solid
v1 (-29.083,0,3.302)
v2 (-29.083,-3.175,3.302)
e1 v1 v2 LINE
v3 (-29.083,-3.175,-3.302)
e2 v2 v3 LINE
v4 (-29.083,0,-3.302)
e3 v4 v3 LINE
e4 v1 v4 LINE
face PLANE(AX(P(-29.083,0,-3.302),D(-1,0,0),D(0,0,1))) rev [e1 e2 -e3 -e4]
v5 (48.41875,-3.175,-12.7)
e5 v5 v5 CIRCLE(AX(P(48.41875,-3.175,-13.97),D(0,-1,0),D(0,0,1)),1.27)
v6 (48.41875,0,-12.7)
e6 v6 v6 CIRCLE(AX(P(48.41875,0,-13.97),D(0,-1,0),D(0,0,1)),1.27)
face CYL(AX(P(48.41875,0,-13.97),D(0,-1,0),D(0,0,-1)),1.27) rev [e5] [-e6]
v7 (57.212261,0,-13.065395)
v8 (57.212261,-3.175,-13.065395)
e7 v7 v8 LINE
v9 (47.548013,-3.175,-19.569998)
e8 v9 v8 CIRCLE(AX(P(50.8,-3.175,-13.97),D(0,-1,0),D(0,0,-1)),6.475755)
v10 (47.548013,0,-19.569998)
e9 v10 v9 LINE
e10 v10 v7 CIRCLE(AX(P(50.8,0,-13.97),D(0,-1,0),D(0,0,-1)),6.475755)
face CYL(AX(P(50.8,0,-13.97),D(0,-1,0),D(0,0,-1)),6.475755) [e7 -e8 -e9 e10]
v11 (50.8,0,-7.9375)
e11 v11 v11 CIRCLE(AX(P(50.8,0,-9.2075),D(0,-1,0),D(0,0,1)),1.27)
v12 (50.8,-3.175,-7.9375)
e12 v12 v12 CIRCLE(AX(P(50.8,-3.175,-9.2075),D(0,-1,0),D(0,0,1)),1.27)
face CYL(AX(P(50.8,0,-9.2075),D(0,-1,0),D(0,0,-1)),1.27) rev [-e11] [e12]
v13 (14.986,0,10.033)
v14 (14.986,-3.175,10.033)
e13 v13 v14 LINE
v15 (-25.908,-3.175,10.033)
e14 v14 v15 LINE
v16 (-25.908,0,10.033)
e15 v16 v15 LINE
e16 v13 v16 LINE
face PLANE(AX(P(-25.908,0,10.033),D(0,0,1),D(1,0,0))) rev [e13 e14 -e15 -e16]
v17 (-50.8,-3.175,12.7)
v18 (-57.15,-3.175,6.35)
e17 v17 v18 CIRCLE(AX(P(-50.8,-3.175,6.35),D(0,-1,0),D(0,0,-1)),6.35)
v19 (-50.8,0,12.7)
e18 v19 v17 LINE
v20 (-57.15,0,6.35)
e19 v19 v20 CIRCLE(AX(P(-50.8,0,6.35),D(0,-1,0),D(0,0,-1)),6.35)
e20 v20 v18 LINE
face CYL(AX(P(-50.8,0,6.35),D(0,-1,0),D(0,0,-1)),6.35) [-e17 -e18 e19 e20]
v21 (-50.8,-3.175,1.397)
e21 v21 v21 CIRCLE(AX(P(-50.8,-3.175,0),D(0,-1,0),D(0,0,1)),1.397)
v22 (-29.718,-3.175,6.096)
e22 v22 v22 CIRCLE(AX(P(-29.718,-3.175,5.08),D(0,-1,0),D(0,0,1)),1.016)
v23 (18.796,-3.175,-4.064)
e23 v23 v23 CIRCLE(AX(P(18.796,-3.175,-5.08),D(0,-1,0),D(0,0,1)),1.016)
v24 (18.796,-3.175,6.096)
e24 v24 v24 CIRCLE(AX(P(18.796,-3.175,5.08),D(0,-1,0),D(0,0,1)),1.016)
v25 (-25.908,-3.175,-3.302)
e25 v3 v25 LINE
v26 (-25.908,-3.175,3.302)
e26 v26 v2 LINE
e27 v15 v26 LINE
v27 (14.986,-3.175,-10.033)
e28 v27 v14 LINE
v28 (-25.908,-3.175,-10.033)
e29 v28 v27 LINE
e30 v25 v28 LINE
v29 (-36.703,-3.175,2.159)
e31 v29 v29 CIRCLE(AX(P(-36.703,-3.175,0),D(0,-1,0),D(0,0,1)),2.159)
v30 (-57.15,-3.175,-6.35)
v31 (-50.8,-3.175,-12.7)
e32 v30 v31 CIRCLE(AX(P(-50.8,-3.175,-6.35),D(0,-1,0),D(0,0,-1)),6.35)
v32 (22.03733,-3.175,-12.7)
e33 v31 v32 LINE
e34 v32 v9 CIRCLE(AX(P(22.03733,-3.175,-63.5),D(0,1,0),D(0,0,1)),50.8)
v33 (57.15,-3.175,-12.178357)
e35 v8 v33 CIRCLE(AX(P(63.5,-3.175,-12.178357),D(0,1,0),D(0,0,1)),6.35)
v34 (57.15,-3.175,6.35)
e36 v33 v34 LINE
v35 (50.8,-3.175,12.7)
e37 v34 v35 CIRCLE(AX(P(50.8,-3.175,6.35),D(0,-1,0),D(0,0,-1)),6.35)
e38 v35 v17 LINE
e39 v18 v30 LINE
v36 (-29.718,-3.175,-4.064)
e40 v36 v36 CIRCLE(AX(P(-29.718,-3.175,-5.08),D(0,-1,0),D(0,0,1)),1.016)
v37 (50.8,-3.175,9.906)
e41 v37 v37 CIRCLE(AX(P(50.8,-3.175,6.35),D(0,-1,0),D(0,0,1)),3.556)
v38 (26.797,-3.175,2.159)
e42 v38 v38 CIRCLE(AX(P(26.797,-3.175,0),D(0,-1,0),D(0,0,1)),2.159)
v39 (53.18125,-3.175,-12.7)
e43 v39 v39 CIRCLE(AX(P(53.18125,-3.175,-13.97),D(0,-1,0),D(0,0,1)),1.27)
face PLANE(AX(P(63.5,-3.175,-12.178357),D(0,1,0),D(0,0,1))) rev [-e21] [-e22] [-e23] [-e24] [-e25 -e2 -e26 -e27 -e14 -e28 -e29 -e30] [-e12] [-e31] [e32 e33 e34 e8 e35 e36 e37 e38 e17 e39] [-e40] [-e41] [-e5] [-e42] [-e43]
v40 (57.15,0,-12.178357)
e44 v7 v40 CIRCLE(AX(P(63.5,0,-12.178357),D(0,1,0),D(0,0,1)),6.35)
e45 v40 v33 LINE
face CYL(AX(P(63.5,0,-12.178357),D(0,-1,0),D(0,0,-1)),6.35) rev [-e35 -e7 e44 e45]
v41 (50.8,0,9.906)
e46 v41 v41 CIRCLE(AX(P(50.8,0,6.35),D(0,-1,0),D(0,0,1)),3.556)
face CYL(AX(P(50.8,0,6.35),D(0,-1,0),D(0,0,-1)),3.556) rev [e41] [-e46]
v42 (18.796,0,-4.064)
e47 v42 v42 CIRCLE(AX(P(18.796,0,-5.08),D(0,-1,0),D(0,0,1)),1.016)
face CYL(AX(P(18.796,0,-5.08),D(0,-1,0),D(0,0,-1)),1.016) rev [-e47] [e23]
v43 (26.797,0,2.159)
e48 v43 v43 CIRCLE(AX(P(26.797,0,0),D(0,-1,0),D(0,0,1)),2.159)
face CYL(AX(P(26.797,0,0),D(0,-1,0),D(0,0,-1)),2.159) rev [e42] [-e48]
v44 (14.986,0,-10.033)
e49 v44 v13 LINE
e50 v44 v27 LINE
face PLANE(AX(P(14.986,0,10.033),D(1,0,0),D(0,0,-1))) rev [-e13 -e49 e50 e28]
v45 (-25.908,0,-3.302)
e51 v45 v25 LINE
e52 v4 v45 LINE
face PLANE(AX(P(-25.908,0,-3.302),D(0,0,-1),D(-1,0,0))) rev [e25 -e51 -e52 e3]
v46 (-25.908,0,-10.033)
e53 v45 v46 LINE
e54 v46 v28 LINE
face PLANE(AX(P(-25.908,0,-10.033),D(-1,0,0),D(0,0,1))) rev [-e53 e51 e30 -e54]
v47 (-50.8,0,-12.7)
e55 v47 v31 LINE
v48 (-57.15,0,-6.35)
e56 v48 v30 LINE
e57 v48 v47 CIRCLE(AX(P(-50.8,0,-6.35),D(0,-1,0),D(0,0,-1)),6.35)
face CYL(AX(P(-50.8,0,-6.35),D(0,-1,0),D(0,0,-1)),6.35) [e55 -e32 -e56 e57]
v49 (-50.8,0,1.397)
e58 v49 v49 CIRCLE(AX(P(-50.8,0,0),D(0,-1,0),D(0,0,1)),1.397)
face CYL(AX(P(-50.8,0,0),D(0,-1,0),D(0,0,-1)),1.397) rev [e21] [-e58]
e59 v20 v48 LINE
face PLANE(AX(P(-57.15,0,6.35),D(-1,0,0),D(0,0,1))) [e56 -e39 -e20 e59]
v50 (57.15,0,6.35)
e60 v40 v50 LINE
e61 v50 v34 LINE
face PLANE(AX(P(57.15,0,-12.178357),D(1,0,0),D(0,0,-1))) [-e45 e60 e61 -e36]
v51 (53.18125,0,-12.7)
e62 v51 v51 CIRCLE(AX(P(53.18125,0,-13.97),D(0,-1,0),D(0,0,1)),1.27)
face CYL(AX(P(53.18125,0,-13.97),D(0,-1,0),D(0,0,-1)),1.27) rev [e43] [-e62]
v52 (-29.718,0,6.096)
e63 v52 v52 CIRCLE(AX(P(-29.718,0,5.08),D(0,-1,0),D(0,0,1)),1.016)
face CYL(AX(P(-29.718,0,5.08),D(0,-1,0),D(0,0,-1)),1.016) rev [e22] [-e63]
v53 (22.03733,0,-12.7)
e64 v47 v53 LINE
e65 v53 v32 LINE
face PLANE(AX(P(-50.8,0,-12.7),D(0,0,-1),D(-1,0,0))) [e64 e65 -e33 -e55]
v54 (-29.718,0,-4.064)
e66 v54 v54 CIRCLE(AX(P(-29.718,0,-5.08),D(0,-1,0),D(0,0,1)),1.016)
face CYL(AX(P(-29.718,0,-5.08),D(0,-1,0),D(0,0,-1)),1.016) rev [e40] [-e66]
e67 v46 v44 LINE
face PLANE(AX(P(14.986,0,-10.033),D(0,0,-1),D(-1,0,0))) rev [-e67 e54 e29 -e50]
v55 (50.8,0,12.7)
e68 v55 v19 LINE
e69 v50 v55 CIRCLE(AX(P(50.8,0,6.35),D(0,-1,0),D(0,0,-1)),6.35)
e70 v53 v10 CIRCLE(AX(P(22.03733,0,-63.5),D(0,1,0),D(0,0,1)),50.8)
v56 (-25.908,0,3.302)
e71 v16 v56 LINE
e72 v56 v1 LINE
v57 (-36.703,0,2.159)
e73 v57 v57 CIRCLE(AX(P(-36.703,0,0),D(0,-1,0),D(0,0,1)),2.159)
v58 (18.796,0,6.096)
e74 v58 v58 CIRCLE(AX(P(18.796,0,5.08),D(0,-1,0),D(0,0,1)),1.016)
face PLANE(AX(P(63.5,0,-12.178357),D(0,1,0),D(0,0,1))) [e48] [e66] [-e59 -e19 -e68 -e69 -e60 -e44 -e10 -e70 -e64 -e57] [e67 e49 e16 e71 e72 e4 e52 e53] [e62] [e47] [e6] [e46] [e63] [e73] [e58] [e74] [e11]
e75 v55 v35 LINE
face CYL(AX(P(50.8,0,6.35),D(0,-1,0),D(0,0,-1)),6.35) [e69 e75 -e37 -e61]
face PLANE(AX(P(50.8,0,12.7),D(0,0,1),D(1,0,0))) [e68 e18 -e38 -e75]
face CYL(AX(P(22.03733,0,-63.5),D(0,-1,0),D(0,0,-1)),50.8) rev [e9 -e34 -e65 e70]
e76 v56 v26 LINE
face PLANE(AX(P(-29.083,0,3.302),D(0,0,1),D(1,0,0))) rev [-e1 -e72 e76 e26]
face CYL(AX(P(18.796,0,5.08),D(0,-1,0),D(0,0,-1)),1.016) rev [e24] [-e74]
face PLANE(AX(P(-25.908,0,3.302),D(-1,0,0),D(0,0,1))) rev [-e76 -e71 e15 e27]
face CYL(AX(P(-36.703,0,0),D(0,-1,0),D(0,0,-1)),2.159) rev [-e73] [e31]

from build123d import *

# Parameters (mm, degrees)
SKETCH1_R           = 2.159
SKETCH1_R_2         = 1.016
SKETCH1_R_3         = 1.27
SKETCH1_R_4         = 3.556
SKETCH1_R_5         = 1.397
BOSS_EXTRUDE1_DEPTH = 3.175


with BuildPart() as part:
    # Sketch1 → Boss-Extrude1 (new body)
    with BuildSketch(Plane.XZ.offset(3.175)):
        with BuildLine():
            Line((57.15, -12.178356694), (57.15, 6.35))
            ThreePointArc((57.15, 6.35), (55.290128061, 10.840128061), (50.8, 12.7))
            Line((50.8, 12.7), (-50.8, 12.7))
            ThreePointArc((-50.8, 12.7), (-55.290128061, 10.840128061), (-57.15, 6.35))
            Line((-57.15, 6.35), (-57.15, -6.35))
            ThreePointArc((-57.15, -6.35), (-55.290128061, -10.840128061), (-50.8, -12.7))
            Line((-50.8, -12.7), (22.037329994, -12.7))
            ThreePointArc((22.037329994, -12.7), (35.247097555, -14.447558257), (47.548013212, -19.569998386))
            ThreePointArc((47.548013212, -19.569998386), (54.415840096, -19.342252823), (57.212260887, -13.065394938))
            ThreePointArc((57.212260887, -13.065394938), (57.165584345, -12.622966991), (57.15, -12.178356694))
        make_face()
        with Locations(Location((26.797, 0, 0), (0, 0, 90))):  # turned: the seam where the file's is
            Circle(SKETCH1_R, mode=Mode.SUBTRACT)
        with Locations(Location((-36.703, 0, 0), (0, 0, 90))):  # turned: the seam where the file's is
            Circle(SKETCH1_R, mode=Mode.SUBTRACT)
        with Locations(Location((-29.718, -5.08, 0), (0, 0, 90))):  # turned: the seam where the file's is
            Circle(SKETCH1_R_2, mode=Mode.SUBTRACT)
        with Locations(Location((18.796, -5.08, 0), (0, 0, 90))):  # turned: the seam where the file's is
            Circle(SKETCH1_R_2, mode=Mode.SUBTRACT)
        with Locations(Location((18.796, 5.08, 0), (0, 0, 90))):  # turned: the seam where the file's is
            Circle(SKETCH1_R_2, mode=Mode.SUBTRACT)
        with Locations(Location((-29.718, 5.08, 0), (0, 0, 90))):  # turned: the seam where the file's is
            Circle(SKETCH1_R_2, mode=Mode.SUBTRACT)
        with Locations(Location((50.8, -9.2075, 0), (0, 0, 90))):  # turned: the seam where the file's is
            Circle(SKETCH1_R_3, mode=Mode.SUBTRACT)
        with Locations(Location((48.41875, -13.97, 0), (0, 0, 90))):  # turned: the seam where the file's is
            Circle(SKETCH1_R_3, mode=Mode.SUBTRACT)
        with Locations(Location((53.18125, -13.97, 0), (0, 0, 90))):  # turned: the seam where the file's is
            Circle(SKETCH1_R_3, mode=Mode.SUBTRACT)
        with Locations(Location((50.8, 6.35, 0), (0, 0, 90))):  # turned: the seam where the file's is
            Circle(SKETCH1_R_4, mode=Mode.SUBTRACT)
        with Locations(Location((-50.8, 0, 0), (0, 0, 90))):  # turned: the seam where the file's is
            Circle(SKETCH1_R_5, mode=Mode.SUBTRACT)
        Polygon((-25.908, 10.033), (14.986, 10.033), (14.986, -10.033), (-25.908, -10.033), (-25.908, -3.302), (-29.083, -3.302), (-29.083, 3.302), (-25.908, 3.302), align=None, mode=Mode.SUBTRACT)
    extrude(amount=-BOSS_EXTRUDE1_DEPTH)


solid = part.part
